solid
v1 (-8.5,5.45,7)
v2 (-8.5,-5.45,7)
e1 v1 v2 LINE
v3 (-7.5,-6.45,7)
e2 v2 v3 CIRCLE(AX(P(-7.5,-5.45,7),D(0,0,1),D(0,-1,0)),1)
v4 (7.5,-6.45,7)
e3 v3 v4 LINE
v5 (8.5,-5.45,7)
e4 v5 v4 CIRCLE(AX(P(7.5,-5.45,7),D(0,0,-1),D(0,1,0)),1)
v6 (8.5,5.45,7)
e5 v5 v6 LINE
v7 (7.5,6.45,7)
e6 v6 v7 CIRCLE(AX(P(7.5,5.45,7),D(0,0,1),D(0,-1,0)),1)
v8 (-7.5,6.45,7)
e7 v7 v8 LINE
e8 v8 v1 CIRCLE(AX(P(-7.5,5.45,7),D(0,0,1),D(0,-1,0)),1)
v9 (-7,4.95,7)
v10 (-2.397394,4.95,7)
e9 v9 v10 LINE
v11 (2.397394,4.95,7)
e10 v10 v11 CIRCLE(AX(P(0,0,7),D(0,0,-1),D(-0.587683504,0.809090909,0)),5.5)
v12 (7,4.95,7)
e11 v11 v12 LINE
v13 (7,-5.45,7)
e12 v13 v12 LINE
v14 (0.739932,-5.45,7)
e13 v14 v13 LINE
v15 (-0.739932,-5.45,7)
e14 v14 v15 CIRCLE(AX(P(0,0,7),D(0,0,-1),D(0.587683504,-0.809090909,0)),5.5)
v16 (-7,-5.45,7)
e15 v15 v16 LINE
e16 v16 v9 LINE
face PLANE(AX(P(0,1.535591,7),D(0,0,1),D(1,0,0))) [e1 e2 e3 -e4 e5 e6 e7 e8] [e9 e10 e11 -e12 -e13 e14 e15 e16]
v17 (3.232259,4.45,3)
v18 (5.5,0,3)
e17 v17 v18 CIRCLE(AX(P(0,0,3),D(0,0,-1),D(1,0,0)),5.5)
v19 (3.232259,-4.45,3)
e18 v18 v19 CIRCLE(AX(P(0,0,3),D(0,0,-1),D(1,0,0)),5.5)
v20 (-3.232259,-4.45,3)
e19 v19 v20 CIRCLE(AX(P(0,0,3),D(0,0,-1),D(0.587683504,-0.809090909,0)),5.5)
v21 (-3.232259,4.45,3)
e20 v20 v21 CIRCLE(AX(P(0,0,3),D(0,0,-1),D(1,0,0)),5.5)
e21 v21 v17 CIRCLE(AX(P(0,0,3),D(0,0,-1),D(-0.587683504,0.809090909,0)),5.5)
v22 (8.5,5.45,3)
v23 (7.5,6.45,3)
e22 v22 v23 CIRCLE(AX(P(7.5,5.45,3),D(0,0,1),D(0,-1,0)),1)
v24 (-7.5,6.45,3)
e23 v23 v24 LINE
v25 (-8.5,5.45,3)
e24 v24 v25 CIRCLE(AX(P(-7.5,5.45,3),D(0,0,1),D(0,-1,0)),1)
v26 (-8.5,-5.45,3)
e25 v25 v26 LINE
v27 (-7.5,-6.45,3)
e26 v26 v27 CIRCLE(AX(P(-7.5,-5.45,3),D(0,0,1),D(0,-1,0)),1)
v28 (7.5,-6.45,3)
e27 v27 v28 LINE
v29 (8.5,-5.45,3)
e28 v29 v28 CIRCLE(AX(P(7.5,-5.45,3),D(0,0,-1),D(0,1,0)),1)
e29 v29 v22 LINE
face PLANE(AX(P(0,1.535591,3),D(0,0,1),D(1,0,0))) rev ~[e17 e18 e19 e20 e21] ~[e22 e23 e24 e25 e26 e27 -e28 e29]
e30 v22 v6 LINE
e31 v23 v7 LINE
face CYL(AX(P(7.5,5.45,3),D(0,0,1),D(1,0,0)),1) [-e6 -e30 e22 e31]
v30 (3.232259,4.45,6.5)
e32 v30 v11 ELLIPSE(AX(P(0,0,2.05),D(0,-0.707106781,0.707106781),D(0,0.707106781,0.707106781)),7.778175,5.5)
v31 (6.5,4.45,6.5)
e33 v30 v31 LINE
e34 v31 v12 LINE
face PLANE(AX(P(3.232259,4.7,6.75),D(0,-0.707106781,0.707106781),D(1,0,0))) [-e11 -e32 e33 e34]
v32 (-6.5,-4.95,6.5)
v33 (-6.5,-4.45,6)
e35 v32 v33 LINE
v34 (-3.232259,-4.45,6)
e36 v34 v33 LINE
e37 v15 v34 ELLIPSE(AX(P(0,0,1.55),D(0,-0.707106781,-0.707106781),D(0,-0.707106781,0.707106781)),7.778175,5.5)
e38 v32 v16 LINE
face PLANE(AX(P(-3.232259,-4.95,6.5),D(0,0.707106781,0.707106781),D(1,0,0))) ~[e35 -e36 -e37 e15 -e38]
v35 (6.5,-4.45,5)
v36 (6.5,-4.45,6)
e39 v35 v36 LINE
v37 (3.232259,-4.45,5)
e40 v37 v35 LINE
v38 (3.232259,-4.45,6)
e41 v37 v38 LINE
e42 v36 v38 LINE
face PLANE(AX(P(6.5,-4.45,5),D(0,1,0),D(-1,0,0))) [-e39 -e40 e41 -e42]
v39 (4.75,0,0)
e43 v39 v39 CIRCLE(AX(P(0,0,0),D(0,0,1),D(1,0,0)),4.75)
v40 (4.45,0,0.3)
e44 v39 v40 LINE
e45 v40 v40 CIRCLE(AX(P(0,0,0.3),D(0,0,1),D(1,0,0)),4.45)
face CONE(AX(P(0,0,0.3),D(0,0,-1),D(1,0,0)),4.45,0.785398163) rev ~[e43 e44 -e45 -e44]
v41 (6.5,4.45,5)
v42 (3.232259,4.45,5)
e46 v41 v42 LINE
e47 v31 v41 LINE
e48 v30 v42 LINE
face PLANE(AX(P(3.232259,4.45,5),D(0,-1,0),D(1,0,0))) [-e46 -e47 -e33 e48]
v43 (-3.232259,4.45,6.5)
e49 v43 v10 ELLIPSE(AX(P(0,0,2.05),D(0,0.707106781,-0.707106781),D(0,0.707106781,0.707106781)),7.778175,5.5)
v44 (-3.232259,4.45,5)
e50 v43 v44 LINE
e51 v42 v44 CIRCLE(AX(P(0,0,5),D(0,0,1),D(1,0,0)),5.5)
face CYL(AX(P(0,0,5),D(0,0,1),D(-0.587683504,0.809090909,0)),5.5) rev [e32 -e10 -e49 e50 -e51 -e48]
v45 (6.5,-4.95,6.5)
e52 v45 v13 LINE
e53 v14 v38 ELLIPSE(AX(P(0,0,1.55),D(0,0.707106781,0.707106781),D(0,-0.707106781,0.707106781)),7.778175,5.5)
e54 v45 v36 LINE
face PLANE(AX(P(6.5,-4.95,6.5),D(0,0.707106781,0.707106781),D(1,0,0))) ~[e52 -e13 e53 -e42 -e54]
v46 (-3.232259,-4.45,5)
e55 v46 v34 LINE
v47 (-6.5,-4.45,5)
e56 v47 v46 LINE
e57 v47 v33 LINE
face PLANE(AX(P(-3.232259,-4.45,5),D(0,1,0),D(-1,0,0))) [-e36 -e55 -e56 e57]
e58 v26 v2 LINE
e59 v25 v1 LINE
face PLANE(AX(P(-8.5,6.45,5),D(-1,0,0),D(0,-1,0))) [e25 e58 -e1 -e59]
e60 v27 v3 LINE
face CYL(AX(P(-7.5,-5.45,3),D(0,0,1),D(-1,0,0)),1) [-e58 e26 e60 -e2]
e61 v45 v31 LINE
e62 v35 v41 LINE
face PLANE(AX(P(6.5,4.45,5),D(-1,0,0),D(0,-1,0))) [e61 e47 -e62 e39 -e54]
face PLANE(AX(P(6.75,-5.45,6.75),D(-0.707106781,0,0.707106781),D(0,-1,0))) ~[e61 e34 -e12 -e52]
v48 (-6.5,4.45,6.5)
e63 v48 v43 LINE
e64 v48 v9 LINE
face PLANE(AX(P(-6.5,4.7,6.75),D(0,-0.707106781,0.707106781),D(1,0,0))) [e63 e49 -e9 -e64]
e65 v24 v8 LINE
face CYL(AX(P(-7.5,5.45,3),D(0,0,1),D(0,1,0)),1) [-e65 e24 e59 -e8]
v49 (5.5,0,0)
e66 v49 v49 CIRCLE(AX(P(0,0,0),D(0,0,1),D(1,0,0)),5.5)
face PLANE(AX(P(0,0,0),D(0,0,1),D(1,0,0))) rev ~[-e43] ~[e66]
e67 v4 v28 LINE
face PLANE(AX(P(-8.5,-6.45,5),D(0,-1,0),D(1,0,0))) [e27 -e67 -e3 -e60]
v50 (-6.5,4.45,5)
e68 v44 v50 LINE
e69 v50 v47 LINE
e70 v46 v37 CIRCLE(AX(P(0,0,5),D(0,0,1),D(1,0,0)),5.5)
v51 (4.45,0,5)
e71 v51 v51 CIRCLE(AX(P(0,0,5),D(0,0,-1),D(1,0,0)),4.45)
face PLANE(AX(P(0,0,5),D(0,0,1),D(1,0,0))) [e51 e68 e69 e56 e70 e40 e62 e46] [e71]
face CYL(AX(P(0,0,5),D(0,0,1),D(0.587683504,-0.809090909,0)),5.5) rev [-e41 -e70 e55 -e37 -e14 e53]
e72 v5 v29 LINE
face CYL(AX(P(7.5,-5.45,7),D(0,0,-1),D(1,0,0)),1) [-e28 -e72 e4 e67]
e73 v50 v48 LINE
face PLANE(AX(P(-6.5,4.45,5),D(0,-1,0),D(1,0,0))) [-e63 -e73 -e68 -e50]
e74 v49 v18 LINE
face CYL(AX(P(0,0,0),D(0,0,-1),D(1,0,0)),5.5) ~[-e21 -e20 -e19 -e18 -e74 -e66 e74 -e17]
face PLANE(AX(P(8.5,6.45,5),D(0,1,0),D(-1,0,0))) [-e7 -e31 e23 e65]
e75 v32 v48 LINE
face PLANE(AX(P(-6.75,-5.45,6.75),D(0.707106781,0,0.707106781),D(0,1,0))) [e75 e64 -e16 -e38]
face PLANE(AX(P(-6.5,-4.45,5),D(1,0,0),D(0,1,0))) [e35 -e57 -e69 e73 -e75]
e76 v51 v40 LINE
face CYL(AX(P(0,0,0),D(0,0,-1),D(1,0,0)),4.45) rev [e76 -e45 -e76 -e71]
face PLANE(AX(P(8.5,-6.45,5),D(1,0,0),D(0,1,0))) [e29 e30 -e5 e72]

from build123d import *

# Parameters (mm, degrees)
F0_R     = 5.5
F0_R_2   = 4.45
F1_DEPTH = 5
F3_DEPTH = 2
F4_DEPTH = 2
F5_SIZE  = 1
F6_SIZE  = 0.5
F7_SIZE  = 0.3
F8_R     = 1


with BuildPart() as f1:
    # F0 (on Top) → F1 (new body)
    with BuildSketch(Plane.XY):
        Circle(F0_R)
        Circle(F0_R_2, mode=Mode.SUBTRACT)
    extrude(amount=F1_DEPTH)

    # F2 (on face) → F3 (join)
    with BuildSketch(Plane.XY.offset(5)):
        with BuildLine():
            Line((-3.2322592718, -4.45), (0, -4.45))
            ThreePointArc((0, -4.45), (-4.45, 0), (0, 4.45))
            Line((0, 4.45), (-3.2322592718, 4.45))
            ThreePointArc((-3.2322592718, 4.45), (-5.5, 0), (-3.2322592718, -4.45))
        make_face()
        with BuildLine():
            Line((0, -4.45), (3.2322592718, -4.45))
            ThreePointArc((3.2322592718, -4.45), (4.9003788626, -2.4972558945), (5.5, 0))
            ThreePointArc((5.5, 0), (4.9003788626, 2.4972558945), (3.2322592718, 4.45))
            Line((3.2322592718, 4.45), (0, 4.45))
            ThreePointArc((0, 4.45), (3.1466251763, 3.1466251763), (4.45, 0))
            ThreePointArc((4.45, 0), (3.1466251763, -3.1466251763), (0, -4.45))
        make_face()
        with BuildLine():
            Line((-6.5, -4.45), (-3.2322592718, -4.45))
            ThreePointArc((-3.2322592718, -4.45), (-5.5, 0), (-3.2322592718, 4.45))
            Line((-3.2322592718, 4.45), (-6.5, 4.45))
            Line((-6.5, 4.45), (-6.5, -4.45))
        make_face()
        with BuildLine():
            Line((3.2322592718, -4.45), (6.5, -4.45))
            Line((6.5, -4.45), (6.5, 4.45))
            Line((6.5, 4.45), (3.2322592718, 4.45))
            ThreePointArc((3.2322592718, 4.45), (4.9003788626, 2.4972558945), (5.5, 0))
            ThreePointArc((5.5, 0), (4.9003788626, -2.4972558945), (3.2322592718, -4.45))
        make_face()
    extrude(amount=-F3_DEPTH)

    # F2 (on face) → F4 (join, symmetric)
    with BuildSketch(Plane.XY.offset(5)):
        with BuildLine():
            Line((6.5, 4.45), (6.5, -4.45))
            Line((6.5, -4.45), (6.5, -6.45))
            Line((6.5, -6.45), (8.5, -6.45))
            Line((8.5, -6.45), (8.5, 6.45))
            Line((8.5, 6.45), (-8.5, 6.45))
            Line((-8.5, 6.45), (-8.5, -6.45))
            Line((-8.5, -6.45), (-6.5, -6.45))
            Line((-6.5, -6.45), (-6.5, -4.45))
            Line((-6.5, -4.45), (-6.5, 4.45))
            Line((-6.5, 4.45), (-3.2322592718, 4.45))
            ThreePointArc((-3.2322592718, 4.45), (0, 5.5), (3.2322592718, 4.45))
            Line((3.2322592718, 4.45), (6.5, 4.45))
        make_face()
        with BuildLine():
            Line((6.5, -6.45), (6.5, -4.45))
            Line((6.5, -4.45), (3.2322592718, -4.45))
            ThreePointArc((3.2322592718, -4.45), (0, -5.5), (-3.2322592718, -4.45))
            Line((-3.2322592718, -4.45), (-6.5, -4.45))
            Line((-6.5, -4.45), (-6.5, -6.45))
            Line((-6.5, -6.45), (6.5, -6.45))
        make_face()
    extrude(amount=F4_DEPTH, both=True)

    # F5
    f5_edges = [f1.edges().sort_by_distance(p)[0] for p in [
        (-4.86613, -4.45, 7),
        (4.86613, -4.45, 7),
    ]]
    chamfer(f5_edges, length=F5_SIZE)

    # F6
    f6_edges = [f1.edges().sort_by_distance(p)[0] for p in [
        (-4.86613, 4.45, 7),
        (-6.5, 0, 7),
        (6.5, 0, 7),
        (4.86613, 4.45, 7),
    ]]
    chamfer(f6_edges, length=F6_SIZE)

    # F7
    f7_edges = [f1.edges().sort_by_distance(p)[0] for p in [
        (-4.45, 0, 0),
    ]]
    chamfer(f7_edges, length=F7_SIZE)

    # F8
    f8_edges = [f1.edges().sort_by_distance(p)[0] for p in [
        (-8.5, -6.45, 5),
        (8.5, -6.45, 5),
        (8.5, 6.45, 5),
        (-8.5, 6.45, 5),
    ]]
    fillet(f8_edges, radius=F8_R)


solid = f1.part
